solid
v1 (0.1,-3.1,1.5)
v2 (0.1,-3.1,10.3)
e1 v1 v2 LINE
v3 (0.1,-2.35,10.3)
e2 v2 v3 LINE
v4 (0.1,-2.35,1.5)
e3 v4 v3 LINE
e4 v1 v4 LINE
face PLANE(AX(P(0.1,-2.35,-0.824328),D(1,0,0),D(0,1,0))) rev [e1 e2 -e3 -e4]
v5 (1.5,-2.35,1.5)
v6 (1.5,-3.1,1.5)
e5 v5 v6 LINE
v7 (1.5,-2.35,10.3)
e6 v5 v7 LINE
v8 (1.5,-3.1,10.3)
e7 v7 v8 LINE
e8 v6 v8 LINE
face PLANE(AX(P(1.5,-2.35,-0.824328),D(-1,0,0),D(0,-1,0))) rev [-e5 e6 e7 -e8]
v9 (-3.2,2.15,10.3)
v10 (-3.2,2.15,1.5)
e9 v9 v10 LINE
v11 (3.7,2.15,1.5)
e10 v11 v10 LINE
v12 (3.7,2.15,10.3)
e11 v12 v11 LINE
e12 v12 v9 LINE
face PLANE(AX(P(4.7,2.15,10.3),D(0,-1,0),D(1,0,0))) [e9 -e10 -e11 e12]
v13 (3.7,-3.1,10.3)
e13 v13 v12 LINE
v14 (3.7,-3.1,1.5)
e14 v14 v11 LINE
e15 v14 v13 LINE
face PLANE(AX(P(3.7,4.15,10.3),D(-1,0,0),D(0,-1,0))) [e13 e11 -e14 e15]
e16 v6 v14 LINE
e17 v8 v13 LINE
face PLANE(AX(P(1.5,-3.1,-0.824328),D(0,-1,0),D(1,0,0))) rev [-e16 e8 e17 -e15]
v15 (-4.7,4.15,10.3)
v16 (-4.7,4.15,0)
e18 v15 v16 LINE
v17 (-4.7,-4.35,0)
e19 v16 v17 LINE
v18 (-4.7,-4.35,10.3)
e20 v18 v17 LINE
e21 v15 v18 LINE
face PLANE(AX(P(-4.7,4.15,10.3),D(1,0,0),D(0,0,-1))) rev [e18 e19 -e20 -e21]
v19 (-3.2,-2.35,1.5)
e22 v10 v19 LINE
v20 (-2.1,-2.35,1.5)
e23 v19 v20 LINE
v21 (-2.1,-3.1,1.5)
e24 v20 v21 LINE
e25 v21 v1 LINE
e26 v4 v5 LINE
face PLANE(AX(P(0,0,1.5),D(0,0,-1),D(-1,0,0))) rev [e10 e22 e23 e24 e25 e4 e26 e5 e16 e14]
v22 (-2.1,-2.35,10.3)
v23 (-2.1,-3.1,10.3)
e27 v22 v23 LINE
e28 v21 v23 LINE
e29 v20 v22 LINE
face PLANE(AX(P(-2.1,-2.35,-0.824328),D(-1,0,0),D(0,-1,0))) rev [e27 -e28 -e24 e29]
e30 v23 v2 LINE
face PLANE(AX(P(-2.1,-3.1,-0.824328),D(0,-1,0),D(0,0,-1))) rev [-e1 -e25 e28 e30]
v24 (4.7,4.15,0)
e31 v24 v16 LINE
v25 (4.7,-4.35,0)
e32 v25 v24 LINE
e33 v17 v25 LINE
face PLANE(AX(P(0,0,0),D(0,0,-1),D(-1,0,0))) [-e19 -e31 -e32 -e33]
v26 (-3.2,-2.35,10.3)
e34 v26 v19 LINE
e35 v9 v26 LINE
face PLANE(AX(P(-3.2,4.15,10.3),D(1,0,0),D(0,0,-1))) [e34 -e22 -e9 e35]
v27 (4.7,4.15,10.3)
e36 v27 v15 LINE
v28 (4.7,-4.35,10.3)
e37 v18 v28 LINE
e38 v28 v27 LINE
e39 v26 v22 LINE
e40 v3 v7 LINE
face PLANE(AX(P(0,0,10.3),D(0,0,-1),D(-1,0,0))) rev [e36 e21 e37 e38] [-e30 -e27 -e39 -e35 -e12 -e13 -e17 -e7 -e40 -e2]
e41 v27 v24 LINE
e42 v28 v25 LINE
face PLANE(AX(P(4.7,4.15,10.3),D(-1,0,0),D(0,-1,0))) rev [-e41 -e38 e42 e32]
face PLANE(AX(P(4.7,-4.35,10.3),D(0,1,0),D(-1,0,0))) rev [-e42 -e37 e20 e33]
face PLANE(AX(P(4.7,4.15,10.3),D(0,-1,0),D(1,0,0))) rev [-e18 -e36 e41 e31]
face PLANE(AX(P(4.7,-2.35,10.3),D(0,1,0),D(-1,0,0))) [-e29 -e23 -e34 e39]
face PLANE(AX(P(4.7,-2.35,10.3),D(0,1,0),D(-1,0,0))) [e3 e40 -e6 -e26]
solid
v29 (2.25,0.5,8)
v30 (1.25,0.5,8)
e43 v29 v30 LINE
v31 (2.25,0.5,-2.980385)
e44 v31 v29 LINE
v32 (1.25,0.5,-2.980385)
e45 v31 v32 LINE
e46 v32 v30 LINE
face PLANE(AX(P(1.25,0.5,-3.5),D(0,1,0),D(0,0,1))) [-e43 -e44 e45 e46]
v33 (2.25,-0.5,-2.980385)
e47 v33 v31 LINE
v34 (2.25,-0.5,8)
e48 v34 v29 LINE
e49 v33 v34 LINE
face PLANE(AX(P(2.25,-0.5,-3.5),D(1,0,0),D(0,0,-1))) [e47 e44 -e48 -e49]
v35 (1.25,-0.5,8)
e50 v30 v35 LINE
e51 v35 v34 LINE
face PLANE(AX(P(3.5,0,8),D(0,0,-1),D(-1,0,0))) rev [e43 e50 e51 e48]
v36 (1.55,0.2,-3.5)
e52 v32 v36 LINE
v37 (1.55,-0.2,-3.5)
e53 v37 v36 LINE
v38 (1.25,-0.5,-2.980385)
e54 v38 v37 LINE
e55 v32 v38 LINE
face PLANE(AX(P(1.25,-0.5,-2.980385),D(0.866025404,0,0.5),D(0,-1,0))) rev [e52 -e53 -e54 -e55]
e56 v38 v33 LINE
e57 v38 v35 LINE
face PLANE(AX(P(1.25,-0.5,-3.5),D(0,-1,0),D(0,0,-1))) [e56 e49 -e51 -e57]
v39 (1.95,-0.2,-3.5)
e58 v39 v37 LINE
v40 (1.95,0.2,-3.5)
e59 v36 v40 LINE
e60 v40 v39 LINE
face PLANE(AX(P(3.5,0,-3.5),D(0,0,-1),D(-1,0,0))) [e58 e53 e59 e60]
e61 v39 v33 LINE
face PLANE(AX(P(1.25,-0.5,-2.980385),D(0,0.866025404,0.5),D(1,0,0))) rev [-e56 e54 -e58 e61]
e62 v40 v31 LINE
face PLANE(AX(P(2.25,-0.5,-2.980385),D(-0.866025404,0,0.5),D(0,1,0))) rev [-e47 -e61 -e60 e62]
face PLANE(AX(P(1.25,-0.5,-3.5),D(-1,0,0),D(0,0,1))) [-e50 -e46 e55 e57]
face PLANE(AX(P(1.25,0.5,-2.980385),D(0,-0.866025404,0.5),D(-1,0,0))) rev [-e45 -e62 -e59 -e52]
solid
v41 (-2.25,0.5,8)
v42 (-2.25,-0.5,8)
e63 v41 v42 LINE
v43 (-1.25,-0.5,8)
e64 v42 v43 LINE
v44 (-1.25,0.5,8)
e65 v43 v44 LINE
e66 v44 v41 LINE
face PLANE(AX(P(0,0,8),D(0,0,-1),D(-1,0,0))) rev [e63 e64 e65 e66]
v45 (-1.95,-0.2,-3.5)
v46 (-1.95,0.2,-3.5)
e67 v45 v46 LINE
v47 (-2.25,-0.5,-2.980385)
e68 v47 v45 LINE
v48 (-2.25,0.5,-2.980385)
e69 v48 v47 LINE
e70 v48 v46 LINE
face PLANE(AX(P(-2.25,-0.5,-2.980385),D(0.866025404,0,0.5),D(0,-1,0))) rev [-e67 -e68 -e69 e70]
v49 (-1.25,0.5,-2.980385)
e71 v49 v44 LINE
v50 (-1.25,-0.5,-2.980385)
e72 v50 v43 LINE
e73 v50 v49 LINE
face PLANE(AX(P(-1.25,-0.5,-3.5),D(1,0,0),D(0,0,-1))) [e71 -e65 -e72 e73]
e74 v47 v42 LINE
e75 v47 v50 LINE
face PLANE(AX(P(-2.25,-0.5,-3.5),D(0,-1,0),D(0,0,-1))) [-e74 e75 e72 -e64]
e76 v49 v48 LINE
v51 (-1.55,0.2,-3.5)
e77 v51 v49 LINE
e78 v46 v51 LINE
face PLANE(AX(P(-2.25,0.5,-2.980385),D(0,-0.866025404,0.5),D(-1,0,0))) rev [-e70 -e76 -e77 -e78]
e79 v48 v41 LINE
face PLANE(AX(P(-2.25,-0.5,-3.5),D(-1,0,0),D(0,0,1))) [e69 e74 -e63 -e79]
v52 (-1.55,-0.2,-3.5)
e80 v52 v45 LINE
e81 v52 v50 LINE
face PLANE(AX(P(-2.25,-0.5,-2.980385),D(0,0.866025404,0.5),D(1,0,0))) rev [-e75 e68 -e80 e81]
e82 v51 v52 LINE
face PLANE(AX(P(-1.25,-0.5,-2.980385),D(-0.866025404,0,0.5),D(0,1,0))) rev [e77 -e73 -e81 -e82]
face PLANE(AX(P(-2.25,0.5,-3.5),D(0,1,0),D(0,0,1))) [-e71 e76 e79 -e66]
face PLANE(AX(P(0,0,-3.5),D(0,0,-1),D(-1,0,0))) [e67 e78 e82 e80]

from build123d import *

# Parameters (mm, degrees)
EXTRUDE_1_DEPTH            = 8
EXTRUDE_1_DEPTH_BACK       = 3.5
SKETCH_1_W                 = 1
SKETCH_1_H                 = 1
CHAMFER_1_SIZE             = 0.3
CHAMFER_1_SIZE2            = 0.519615242
PATTERN_LINEAR_1_COUNT     = 2
PATTERN_LINEAR_1_PITCH     = 3.5
SKETCH_3_W                 = 9.4
SKETCH_3_H                 = 8.5
EXTRUDE_2_DEPTH            = 10.3
SHELL_1_T                  = -2
SHELL_1_THICKNESS_2_FACE_W = 8.3
SHELL_1_THICKNESS_2_FACE_H = 4.5
SHELL_1_THICKNESS_2_DEPTH  = 0.5
SHELL_1_THICKNESS_3_FACE_W = 4.5
SHELL_1_THICKNESS_3_FACE_H = 8.3
SHELL_1_THICKNESS_3_DEPTH  = 1
SHELL_1_THICKNESS_4_FACE_W = 6.9
SHELL_1_THICKNESS_4_FACE_H = 4.5
SHELL_1_THICKNESS_4_DEPTH  = 0.5
SKETCH_4_W                 = 2.2
SKETCH_4_H                 = 0.75
CUT_EXTRUDE_1_DEPTH        = 8.8


with BuildPart() as part:
    # Эскиз1 → Бобышка-Вытянуть1 (new, two sides: drawn at the far end of the back side and taken through both)
    with BuildSketch(Plane.XY.offset(-EXTRUDE_1_DEPTH_BACK)):
        with Locations((-1.75, 0)):
            Rectangle(SKETCH_1_W, SKETCH_1_H)
    extrude(amount=EXTRUDE_1_DEPTH + EXTRUDE_1_DEPTH_BACK)

    # Фаска1
    chamfer_1_edges = [part.edges().sort_by_distance(p)[0] for p in [
        (-2.25, 0, -3.5),
        (-1.75, -0.5, -3.5),
        (-1.25, 0, -3.5),
        (-1.75, 0.5, -3.5),
    ]]
    chamfer_1_side = [part.faces().sort_by_distance(p)[0] for p in [
        (-1.75, 0, -3.5),
    ]]
    chamfer(chamfer_1_edges, length=CHAMFER_1_SIZE, length2=CHAMFER_1_SIZE2, reference=chamfer_1_side[0])


with BuildPart() as pattern_linear_1_1:
    # Линейный массив1: pattern copy
    add(part.part.moved(Location(Vector(1, 0, 0) * (1 * PATTERN_LINEAR_1_PITCH))))


with BuildPart() as body_3:
    # Эскиз3 → Бобышка-Вытянуть2 (new body)
    with BuildSketch(Plane.XY):
        with Locations((0, -0.1)):
            Rectangle(SKETCH_3_W, SKETCH_3_H)
    extrude(amount=EXTRUDE_2_DEPTH)

    # Оболочка1
    shell_1_openings = [body_3.faces().sort_by_distance(p)[0] for p in [
        (0, -0.1, 10.3),
    ]]
    offset(amount=SHELL_1_T, openings=shell_1_openings, kind=Kind.INTERSECTION)

    # Оболочка1 thickness 2 face (on inner face of the shell) → Оболочка1 thickness 2 (cut)
    with BuildSketch(Plane(origin=(-2.7, -0.1, 6.15), x_dir=(0, 0, -1), z_dir=(-1, 0, 0))):
        Rectangle(SHELL_1_THICKNESS_2_FACE_W, SHELL_1_THICKNESS_2_FACE_H)
    extrude(amount=SHELL_1_THICKNESS_2_DEPTH, mode=Mode.SUBTRACT)

    # Оболочка1 thickness 3 face (on inner face of the shell) → Оболочка1 thickness 3 (cut)
    with BuildSketch(Plane(origin=(2.7, -0.1, 6.15), x_dir=(0, 1, 0), z_dir=(1, 0, 0))):
        Rectangle(SHELL_1_THICKNESS_3_FACE_W, SHELL_1_THICKNESS_3_FACE_H)
    extrude(amount=SHELL_1_THICKNESS_3_DEPTH, mode=Mode.SUBTRACT)

    # Оболочка1 thickness 4 face (on inner face of the shell) → Оболочка1 thickness 4 (cut)
    with BuildSketch(Plane(origin=(0.25, -0.1, 2), x_dir=(-1, 0, 0), z_dir=(0, 0, -1))):
        Rectangle(SHELL_1_THICKNESS_4_FACE_W, SHELL_1_THICKNESS_4_FACE_H)
    extrude(amount=SHELL_1_THICKNESS_4_DEPTH, mode=Mode.SUBTRACT)

    # Эскиз4 → Вырез-Вытянуть1 (cut)
    with BuildSketch(Plane.XY.offset(10.3)):
        with Locations((-1, -2.725)):
            Rectangle(SKETCH_4_W, SKETCH_4_H)
        with Locations((2.6, -2.725)):
            Rectangle(SKETCH_4_W, SKETCH_4_H)
    extrude(amount=-CUT_EXTRUDE_1_DEPTH, mode=Mode.SUBTRACT)


solid = Compound([part.part, pattern_linear_1_1.part, body_3.part])
